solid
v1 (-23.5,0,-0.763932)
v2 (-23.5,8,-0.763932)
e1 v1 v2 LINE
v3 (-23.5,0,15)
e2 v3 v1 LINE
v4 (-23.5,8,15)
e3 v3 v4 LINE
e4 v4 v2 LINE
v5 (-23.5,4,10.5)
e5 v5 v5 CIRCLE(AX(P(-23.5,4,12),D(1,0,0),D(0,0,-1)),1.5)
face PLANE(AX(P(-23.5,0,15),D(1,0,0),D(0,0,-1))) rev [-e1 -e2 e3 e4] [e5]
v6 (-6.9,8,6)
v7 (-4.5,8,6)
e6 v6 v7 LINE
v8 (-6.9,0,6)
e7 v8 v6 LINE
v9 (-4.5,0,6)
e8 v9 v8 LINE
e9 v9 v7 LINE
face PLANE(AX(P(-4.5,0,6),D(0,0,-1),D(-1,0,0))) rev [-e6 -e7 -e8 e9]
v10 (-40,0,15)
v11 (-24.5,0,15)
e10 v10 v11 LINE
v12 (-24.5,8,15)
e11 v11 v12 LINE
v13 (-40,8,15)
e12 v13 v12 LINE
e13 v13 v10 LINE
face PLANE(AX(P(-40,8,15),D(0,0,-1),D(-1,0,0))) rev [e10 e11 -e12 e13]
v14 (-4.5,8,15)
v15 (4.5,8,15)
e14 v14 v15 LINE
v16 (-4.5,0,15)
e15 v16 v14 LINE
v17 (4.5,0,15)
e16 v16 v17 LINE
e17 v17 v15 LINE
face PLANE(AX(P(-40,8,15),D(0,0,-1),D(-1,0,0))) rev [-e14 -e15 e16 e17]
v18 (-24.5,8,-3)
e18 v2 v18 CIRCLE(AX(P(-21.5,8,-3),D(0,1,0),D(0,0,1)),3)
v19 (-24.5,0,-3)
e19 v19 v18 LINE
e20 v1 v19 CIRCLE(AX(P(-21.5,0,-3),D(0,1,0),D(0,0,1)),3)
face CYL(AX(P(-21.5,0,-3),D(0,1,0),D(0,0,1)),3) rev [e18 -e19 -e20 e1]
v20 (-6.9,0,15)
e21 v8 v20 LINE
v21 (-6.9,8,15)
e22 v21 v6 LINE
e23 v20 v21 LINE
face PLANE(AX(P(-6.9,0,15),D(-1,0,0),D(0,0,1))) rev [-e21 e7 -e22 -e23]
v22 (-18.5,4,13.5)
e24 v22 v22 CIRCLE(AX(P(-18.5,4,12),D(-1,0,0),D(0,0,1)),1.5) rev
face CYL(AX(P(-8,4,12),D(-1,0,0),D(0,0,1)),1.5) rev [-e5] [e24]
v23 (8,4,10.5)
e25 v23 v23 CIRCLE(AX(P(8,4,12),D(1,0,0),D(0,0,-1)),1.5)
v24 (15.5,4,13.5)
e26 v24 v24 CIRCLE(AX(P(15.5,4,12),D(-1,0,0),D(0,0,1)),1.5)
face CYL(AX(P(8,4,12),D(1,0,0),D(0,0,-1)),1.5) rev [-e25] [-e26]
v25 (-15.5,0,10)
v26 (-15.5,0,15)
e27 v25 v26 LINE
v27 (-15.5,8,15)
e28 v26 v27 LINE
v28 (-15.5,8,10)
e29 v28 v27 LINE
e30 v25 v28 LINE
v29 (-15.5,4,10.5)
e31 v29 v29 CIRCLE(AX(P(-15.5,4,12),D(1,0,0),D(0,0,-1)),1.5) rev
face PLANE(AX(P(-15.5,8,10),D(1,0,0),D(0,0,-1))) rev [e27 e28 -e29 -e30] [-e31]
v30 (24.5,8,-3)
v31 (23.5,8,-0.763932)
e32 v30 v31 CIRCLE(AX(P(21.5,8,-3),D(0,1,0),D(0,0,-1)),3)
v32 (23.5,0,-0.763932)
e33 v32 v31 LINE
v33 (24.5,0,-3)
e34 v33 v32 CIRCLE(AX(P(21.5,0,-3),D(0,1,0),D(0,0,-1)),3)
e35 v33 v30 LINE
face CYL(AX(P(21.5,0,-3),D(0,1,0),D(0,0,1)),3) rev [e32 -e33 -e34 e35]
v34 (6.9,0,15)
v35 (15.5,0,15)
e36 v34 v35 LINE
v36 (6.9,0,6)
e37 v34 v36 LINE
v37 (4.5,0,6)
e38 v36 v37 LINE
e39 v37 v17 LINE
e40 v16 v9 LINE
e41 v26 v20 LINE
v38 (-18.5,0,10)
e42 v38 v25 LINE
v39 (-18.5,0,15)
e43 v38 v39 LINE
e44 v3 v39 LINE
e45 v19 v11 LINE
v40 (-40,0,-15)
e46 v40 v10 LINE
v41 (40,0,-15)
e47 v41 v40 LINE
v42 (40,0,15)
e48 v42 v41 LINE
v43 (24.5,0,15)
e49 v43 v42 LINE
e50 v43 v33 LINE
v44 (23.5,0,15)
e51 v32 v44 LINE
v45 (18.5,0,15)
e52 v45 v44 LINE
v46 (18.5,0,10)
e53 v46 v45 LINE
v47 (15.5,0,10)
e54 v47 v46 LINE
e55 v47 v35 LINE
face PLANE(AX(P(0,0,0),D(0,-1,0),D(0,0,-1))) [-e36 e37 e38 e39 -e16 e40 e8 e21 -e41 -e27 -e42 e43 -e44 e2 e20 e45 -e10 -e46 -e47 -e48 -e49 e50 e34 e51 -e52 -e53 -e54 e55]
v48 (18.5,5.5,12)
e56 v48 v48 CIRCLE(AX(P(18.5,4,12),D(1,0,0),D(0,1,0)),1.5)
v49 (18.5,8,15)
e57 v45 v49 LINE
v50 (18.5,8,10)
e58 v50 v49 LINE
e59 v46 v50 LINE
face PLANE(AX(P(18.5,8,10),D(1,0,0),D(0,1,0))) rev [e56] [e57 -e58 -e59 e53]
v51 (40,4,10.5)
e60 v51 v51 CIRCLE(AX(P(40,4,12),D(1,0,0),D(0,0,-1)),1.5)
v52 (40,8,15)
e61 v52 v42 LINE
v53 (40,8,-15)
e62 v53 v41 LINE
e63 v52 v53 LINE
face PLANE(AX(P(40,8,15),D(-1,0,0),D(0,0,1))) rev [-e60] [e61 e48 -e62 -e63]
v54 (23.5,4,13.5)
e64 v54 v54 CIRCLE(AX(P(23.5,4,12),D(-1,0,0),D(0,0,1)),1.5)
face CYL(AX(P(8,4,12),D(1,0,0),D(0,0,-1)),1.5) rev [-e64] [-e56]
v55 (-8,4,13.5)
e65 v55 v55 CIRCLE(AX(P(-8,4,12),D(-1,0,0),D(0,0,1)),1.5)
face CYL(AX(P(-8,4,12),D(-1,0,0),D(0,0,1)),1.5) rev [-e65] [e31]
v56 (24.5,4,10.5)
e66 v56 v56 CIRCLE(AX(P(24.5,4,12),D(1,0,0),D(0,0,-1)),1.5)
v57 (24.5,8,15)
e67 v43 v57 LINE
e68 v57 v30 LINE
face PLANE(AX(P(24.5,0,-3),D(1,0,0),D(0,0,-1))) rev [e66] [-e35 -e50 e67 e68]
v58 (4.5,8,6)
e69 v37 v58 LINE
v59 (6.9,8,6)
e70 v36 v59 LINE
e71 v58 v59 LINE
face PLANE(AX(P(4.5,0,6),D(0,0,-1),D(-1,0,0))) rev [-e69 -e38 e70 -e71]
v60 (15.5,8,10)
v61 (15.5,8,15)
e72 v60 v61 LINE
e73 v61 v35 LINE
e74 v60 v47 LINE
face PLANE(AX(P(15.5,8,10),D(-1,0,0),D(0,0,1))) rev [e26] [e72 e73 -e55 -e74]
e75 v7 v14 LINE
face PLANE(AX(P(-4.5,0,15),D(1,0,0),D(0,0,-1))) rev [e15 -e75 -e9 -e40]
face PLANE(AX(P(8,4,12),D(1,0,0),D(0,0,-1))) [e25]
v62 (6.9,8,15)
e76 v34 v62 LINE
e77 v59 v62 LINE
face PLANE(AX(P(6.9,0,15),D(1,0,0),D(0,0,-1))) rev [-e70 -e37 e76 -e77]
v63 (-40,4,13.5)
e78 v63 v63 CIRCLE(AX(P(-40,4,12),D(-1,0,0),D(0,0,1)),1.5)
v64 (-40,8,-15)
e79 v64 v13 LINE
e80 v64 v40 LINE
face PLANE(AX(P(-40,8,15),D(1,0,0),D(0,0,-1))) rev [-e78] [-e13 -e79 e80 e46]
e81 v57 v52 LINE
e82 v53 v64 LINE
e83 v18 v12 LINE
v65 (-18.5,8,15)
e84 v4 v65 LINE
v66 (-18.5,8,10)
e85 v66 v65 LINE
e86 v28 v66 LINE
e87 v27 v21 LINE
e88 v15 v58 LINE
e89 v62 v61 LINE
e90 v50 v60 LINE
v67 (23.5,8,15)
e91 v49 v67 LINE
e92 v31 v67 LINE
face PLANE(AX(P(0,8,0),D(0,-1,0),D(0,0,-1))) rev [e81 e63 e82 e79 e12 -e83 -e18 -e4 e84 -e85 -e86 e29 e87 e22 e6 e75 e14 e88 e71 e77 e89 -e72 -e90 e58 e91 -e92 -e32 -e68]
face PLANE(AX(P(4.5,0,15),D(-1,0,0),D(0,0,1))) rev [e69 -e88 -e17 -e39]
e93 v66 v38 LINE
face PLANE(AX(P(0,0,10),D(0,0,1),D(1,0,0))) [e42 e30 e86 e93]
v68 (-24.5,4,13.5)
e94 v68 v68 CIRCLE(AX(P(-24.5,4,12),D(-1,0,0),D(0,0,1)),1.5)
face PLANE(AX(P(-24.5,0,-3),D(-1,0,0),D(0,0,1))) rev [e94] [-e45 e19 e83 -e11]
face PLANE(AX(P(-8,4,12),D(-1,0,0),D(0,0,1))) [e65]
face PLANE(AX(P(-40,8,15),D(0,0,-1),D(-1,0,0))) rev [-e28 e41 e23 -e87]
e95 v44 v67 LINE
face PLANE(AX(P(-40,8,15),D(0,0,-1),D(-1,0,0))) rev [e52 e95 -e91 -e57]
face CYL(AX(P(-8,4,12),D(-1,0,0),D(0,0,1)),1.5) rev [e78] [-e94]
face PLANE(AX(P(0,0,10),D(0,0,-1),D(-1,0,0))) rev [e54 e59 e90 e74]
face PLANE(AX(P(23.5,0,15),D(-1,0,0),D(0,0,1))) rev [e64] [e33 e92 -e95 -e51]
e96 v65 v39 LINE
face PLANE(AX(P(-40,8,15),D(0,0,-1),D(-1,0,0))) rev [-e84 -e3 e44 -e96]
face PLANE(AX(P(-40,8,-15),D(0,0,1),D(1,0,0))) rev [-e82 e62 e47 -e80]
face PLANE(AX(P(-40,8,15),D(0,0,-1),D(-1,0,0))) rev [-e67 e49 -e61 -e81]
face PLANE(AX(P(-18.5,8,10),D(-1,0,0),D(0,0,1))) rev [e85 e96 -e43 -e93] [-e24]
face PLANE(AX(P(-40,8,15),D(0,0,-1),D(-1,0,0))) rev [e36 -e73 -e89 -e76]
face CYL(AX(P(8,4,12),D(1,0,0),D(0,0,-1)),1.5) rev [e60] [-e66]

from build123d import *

# Parameters (mm, degrees)
SKETCH_1_W               = 80
SKETCH_1_H               = 30
EXTRUDE_1_DEPTH          = 8
CUT_EXTRUDE_1_DEPTH      = 9
SKETCH_3_W               = 2.4
SKETCH_3_H               = 9
CUT_EXTRUDE_2_DEPTH      = 1
CUT_EXTRUDE_2_DEPTH_BACK = 9
SKETCH_5_R               = 1.5
CUT_EXTRUDE_3_DEPTH      = 32
SKETCH_6_W               = 3
SKETCH_6_H               = 8
CUT_EXTRUDE_5_DEPTH      = 5
SKETCH_7_R               = 1.5
CUT_EXTRUDE_6_DEPTH      = 32


with BuildPart() as part:
    # 草图1 → 凸台-拉伸1 (new body)
    with BuildSketch(Plane(origin=(0, 0, 0), x_dir=(1, 0, 0), z_dir=(0, 1, 0))):
        Rectangle(SKETCH_1_W, SKETCH_1_H)
    extrude(amount=EXTRUDE_1_DEPTH)

    # 草图2 → 切除-拉伸1 (cut, through all)
    with BuildSketch(Plane(origin=(0, 8, 0), x_dir=(1, 0, 0), z_dir=(0, 1, 0))):
        with BuildLine():
            Line((-24.5, 3), (-24.5, -15))
            Line((-24.5, -15), (-23.5, -15))
            Line((-23.5, -15), (-23.5, 0.763932023))
            ThreePointArc((-23.5, 0.763932023), (-18.761387212, 4.224744871), (-24.5, 3))
        make_face()
        with BuildLine():
            Line((23.5, -15), (23.5, 0.763932023))
            ThreePointArc((23.5, 0.763932023), (18.761387212, 4.224744871), (24.5, 3))
            Line((24.5, 3), (24.5, -15))
            Line((24.5, -15), (23.5, -15))
        make_face()
    extrude(amount=-CUT_EXTRUDE_1_DEPTH, mode=Mode.SUBTRACT)

    # 草图3 → 切除-拉伸2 (cut, two sides)
    with BuildSketch(Plane(origin=(0, 8, 0), x_dir=(1, 0, 0), z_dir=(0, 1, 0))) as cut_extrude_2_sk:
        with Locations((-5.7, -10.5)):
            Rectangle(SKETCH_3_W, SKETCH_3_H)
        with Locations((5.7, -10.5)):
            Rectangle(SKETCH_3_W, SKETCH_3_H)
    extrude(amount=CUT_EXTRUDE_2_DEPTH, mode=Mode.SUBTRACT)
    extrude(cut_extrude_2_sk.sketch, amount=-CUT_EXTRUDE_2_DEPTH_BACK, mode=Mode.SUBTRACT)

    # 草图5 → 切除-拉伸3 (cut)
    with BuildSketch(Plane.ZY.offset(40)):
        with Locations((12, 4)):
            Circle(SKETCH_5_R)
    extrude(amount=-CUT_EXTRUDE_3_DEPTH, mode=Mode.SUBTRACT)

    # 草图6 → 切除-拉伸5 (cut)
    with BuildSketch(Plane.XY.offset(15)):
        with Locations((-17, 4)):
            Rectangle(SKETCH_6_W, SKETCH_6_H)
        with Locations((17, 4)):
            Rectangle(SKETCH_6_W, SKETCH_6_H)
    extrude(amount=-CUT_EXTRUDE_5_DEPTH, mode=Mode.SUBTRACT)

    # 草图7 → 切除-拉伸6 (cut)
    with BuildSketch(Plane(origin=(40, 0, 0), x_dir=(0, 0, -1), z_dir=(1, 0, 0))):
        with Locations((-12, 4)):
            Circle(SKETCH_7_R)
    extrude(amount=-CUT_EXTRUDE_6_DEPTH, mode=Mode.SUBTRACT)


solid = part.part
